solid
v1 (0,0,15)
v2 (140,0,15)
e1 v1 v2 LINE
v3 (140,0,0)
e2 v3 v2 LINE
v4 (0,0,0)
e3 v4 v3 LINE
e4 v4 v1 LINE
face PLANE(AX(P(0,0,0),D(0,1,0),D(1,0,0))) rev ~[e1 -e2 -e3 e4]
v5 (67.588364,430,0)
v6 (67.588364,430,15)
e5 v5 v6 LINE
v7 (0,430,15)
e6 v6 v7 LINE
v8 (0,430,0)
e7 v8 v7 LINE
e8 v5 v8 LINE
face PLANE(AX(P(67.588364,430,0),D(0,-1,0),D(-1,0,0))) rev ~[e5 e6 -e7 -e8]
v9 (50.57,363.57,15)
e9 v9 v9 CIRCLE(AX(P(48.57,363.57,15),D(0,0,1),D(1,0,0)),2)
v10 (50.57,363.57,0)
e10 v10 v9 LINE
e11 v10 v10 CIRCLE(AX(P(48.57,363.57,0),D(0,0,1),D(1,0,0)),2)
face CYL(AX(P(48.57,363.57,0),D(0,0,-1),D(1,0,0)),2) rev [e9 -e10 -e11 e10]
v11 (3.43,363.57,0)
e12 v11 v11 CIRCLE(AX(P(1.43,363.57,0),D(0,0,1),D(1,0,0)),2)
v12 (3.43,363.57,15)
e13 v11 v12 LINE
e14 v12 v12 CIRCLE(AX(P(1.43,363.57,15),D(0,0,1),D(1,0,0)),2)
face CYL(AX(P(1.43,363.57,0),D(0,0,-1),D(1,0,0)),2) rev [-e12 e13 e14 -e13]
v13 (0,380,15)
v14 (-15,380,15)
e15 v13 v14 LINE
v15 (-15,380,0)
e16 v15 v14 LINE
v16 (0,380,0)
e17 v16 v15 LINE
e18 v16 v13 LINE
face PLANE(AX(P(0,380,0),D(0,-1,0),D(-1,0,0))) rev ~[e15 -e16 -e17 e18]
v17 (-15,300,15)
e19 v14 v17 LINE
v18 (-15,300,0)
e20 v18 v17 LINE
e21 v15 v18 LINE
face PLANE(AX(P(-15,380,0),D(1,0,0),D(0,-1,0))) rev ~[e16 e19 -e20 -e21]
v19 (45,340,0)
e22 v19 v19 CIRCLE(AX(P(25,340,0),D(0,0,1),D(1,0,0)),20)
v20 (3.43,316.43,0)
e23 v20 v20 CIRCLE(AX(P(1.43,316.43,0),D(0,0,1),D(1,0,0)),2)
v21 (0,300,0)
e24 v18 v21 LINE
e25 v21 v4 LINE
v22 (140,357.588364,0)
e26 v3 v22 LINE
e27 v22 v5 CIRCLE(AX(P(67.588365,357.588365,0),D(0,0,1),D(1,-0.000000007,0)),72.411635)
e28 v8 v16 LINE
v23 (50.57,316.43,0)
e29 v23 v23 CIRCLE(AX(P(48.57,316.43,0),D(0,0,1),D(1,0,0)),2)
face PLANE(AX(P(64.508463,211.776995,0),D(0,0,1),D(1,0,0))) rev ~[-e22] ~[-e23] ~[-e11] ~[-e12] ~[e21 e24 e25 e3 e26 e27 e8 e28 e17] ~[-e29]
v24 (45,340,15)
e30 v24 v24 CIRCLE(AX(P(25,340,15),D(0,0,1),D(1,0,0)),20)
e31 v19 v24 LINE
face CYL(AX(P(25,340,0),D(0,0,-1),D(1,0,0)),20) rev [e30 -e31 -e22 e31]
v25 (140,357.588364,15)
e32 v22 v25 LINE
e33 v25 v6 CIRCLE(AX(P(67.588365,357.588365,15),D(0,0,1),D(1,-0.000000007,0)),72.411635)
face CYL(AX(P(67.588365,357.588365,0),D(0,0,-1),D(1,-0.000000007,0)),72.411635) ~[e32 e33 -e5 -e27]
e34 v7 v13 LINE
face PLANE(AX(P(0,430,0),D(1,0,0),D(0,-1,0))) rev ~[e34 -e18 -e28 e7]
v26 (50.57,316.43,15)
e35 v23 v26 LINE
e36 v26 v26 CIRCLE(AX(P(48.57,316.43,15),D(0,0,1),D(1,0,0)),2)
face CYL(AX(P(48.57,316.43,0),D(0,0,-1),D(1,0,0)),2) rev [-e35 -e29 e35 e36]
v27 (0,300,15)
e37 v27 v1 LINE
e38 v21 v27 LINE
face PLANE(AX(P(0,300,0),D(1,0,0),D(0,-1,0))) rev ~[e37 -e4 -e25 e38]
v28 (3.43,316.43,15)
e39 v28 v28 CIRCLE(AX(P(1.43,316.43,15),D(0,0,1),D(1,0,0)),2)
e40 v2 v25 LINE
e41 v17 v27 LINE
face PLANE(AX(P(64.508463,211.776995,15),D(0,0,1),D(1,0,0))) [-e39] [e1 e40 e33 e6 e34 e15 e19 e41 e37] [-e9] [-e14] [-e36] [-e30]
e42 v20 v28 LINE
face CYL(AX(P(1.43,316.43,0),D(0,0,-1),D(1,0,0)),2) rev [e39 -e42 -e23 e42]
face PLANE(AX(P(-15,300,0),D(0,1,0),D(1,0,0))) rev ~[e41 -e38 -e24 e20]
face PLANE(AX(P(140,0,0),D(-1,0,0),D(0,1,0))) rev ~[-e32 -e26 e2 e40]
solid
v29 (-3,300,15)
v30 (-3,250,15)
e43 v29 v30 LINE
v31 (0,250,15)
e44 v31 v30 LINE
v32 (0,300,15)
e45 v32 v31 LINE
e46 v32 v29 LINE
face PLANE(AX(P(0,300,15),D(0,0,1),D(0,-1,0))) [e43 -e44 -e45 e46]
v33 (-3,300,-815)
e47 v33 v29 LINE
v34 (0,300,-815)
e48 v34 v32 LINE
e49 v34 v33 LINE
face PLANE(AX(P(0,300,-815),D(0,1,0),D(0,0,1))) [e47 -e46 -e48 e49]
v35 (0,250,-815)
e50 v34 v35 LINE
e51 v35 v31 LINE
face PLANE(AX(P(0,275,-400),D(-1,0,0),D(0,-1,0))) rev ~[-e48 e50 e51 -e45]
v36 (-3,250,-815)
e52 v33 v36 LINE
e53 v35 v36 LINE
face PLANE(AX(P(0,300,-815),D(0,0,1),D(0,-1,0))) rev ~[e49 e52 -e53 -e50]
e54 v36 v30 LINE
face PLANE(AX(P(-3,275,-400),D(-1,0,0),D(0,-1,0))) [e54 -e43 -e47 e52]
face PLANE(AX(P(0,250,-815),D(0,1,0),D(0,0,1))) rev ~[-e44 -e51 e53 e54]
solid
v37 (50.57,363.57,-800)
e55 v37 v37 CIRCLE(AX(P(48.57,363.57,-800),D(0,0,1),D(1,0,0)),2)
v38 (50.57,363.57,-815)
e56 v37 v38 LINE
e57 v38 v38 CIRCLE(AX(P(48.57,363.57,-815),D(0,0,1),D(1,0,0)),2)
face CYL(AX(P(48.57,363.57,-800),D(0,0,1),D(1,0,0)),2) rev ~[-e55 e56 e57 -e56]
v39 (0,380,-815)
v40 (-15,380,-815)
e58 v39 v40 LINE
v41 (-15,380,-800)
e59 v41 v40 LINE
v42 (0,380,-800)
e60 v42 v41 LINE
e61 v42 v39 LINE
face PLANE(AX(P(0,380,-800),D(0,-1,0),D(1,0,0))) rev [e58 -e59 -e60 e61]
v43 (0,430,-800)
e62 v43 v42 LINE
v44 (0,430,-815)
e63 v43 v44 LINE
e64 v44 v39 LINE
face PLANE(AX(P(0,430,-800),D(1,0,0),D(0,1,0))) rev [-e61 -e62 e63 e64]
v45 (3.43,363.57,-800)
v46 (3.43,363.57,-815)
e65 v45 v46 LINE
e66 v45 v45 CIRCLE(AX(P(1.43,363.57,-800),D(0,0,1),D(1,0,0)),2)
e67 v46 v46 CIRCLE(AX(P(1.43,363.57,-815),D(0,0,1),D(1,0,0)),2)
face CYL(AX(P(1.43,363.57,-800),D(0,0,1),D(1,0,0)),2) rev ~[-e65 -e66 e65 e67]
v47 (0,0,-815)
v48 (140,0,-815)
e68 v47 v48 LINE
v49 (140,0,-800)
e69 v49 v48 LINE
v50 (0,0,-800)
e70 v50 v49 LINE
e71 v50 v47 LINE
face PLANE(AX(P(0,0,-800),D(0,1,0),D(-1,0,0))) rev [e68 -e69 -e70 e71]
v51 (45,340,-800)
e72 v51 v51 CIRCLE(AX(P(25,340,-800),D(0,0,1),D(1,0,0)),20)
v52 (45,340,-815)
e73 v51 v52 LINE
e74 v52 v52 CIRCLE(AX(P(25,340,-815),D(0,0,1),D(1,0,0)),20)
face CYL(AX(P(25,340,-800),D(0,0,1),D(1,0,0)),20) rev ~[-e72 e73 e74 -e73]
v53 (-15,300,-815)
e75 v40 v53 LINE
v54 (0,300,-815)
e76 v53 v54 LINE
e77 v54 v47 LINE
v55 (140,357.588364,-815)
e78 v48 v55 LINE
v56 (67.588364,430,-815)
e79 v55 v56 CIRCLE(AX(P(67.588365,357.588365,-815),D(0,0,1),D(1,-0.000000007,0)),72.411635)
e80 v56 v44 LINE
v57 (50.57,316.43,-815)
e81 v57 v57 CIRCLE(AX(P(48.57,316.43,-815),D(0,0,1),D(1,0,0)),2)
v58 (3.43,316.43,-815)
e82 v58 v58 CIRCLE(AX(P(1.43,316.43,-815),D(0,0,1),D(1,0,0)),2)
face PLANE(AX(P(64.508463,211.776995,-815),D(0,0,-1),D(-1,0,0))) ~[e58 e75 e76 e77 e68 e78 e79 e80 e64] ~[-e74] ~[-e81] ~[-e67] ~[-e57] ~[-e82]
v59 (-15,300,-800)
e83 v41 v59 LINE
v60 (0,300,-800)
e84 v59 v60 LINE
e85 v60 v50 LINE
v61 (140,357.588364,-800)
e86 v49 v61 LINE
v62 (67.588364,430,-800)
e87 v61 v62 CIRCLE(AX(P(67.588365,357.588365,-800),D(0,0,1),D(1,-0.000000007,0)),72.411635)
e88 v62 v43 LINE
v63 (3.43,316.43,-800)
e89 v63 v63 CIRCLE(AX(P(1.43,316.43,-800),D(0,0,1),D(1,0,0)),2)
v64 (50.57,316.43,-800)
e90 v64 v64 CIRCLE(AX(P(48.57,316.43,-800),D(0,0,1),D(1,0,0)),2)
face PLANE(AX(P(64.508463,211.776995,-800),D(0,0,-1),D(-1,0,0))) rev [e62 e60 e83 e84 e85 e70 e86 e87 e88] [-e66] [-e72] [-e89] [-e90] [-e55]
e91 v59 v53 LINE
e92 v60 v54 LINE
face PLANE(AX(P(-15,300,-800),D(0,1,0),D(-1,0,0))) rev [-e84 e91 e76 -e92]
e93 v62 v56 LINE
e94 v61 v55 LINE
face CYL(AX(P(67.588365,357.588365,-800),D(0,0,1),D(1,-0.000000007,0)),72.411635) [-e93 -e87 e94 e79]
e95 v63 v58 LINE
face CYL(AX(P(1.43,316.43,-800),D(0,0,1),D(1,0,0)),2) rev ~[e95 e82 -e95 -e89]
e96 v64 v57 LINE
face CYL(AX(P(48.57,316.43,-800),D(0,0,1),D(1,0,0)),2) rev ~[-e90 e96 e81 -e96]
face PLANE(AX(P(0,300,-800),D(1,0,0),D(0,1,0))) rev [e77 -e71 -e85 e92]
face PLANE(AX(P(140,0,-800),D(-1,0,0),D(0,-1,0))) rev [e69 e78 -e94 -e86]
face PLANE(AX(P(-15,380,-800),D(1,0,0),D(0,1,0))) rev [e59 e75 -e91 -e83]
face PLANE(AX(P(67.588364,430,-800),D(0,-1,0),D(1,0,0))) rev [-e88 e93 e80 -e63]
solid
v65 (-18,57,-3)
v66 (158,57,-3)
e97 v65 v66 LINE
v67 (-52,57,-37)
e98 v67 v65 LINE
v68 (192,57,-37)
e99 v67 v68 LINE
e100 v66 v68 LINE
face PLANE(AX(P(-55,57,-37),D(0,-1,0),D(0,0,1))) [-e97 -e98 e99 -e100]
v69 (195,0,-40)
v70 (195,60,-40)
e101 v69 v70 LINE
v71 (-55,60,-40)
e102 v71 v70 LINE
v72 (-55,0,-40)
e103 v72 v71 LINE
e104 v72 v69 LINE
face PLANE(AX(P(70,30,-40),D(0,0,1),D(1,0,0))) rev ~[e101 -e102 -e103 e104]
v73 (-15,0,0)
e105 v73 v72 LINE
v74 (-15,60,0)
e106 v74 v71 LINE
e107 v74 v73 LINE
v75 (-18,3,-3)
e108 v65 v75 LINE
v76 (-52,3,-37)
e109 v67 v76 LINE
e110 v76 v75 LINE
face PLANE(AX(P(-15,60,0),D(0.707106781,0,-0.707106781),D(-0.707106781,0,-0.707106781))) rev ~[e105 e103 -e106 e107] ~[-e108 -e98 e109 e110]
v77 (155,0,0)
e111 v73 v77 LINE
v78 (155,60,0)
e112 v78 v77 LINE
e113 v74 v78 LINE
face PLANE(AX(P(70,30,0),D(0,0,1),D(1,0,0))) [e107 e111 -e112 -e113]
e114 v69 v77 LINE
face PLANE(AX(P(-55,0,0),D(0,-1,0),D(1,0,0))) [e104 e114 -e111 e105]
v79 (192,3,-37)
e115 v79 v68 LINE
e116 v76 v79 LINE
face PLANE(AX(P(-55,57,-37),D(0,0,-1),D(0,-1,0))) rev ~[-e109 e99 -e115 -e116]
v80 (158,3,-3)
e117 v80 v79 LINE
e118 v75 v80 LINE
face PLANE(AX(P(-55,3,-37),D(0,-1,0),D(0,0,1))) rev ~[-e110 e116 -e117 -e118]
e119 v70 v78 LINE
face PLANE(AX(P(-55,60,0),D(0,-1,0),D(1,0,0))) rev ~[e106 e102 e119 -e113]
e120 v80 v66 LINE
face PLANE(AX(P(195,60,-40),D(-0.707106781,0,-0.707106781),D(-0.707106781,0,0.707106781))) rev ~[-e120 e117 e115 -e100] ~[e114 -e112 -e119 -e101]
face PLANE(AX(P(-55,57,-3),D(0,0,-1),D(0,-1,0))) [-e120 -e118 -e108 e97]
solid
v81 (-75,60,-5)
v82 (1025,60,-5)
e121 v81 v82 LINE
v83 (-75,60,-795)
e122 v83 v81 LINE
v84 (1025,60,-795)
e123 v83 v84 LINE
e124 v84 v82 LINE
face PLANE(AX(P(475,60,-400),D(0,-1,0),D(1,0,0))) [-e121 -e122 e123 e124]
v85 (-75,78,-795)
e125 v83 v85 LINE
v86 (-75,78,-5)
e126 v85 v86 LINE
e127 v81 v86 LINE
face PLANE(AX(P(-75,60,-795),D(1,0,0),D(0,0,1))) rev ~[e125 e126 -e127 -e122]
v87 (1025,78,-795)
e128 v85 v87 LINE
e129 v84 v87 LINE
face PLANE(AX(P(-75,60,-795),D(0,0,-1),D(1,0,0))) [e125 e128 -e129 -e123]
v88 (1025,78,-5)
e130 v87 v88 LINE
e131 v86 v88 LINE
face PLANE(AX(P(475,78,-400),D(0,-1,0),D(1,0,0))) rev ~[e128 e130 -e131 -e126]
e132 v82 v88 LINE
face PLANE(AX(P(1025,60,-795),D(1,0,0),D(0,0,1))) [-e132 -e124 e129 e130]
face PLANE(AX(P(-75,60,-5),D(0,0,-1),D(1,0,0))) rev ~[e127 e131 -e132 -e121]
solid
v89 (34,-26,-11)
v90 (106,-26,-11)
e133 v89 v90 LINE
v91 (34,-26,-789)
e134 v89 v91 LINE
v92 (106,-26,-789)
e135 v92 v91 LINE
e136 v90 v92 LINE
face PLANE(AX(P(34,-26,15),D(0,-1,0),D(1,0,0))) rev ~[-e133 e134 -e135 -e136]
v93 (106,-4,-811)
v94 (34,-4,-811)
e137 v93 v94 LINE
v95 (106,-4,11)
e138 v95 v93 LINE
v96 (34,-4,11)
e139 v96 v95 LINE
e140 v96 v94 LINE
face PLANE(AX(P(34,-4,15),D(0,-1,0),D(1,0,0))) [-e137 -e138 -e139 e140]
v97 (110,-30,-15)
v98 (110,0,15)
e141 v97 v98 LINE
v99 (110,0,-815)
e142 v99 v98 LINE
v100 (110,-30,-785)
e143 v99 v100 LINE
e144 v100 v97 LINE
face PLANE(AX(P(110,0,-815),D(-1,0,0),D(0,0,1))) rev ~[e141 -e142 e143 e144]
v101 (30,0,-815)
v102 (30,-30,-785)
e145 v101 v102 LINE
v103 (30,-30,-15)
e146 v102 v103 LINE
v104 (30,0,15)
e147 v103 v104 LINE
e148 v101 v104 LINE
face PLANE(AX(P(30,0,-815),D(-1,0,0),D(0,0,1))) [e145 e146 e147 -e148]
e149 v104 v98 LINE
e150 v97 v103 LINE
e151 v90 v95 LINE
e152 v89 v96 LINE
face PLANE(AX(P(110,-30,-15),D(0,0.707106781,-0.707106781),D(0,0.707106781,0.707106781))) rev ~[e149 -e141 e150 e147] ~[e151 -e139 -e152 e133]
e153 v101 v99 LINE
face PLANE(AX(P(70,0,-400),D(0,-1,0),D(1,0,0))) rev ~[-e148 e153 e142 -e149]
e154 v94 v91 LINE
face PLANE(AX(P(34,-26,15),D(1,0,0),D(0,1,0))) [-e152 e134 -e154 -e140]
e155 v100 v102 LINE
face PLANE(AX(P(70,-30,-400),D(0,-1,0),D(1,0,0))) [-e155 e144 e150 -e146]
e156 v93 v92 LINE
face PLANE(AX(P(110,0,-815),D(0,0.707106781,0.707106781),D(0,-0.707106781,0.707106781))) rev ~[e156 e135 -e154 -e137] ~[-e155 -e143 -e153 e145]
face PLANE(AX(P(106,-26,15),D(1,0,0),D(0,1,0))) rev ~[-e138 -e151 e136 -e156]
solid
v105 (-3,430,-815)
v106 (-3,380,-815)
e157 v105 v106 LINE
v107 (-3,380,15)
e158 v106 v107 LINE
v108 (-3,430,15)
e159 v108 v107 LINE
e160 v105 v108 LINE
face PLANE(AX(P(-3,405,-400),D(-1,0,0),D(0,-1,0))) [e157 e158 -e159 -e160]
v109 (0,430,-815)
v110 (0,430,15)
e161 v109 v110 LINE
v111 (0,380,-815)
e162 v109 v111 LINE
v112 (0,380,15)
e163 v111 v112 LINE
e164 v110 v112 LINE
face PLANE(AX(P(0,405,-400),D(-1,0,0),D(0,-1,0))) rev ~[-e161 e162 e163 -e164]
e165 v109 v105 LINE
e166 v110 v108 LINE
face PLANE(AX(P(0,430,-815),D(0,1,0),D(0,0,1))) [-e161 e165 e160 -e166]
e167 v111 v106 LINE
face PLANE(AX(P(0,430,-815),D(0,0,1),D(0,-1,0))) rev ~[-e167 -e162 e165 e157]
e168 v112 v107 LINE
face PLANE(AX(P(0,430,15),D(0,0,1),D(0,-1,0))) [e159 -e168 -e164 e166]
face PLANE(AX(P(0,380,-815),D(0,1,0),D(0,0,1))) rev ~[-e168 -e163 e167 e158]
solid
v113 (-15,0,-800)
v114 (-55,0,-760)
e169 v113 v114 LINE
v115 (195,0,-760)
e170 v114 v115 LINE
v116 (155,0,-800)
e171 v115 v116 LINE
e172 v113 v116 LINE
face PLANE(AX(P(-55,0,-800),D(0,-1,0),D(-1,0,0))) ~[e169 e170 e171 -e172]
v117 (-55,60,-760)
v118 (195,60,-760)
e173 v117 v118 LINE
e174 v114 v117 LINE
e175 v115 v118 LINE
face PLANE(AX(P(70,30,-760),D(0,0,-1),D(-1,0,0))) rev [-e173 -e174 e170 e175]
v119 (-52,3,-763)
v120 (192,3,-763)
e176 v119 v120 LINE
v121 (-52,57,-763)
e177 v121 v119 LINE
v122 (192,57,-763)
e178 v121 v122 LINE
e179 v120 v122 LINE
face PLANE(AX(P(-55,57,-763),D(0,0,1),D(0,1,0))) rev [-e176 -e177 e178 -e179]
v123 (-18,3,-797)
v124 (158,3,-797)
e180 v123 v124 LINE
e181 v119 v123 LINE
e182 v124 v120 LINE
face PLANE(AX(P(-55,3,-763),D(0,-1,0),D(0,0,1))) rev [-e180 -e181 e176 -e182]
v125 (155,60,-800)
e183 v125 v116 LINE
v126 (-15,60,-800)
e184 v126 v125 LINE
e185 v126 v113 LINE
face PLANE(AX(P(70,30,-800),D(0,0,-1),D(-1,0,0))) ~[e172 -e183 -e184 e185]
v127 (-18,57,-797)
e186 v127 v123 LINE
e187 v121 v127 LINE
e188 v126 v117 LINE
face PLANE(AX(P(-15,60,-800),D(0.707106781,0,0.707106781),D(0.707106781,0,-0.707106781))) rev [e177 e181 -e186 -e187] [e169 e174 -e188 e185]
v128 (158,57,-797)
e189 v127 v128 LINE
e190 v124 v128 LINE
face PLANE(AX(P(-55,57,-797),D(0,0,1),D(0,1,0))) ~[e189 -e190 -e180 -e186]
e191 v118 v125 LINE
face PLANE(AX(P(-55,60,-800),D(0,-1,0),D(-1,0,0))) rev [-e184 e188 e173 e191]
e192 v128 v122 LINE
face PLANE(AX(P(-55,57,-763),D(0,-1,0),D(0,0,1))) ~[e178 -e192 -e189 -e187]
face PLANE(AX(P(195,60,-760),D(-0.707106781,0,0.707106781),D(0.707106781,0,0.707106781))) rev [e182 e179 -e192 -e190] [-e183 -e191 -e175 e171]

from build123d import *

# Parameters (mm, degrees)
F0_R      = 2
F0_R_2    = 20
F1_DEPTH  = 15
F2_W      = 250
F2_H      = 60
F3_DEPTH  = 40
F4_W      = 54
F4_H      = 34
F5_DEPTH  = 250
F7_DEPTH  = 60
F8_W      = 80
F8_H      = 830
F9_DEPTH  = 30
F10_W     = 72
F10_H     = 22
F11_DEPTH = 830
F13_DEPTH = 80
F16_W     = 50
F16_H     = 830
F17_DEPTH = 3
F19_W     = 1100
F19_H     = 790
F20_DEPTH = 18


with BuildPart() as f1:
    # F0 (on Top) → F1 (new body)
    with BuildSketch(Plane.XY):
        with BuildLine():
            Line((0, 300), (0, 0))
            Line((0, 0), (140, 0))
            Line((140, 0), (140, 357.588364))
            ThreePointArc((140, 357.588364), (118.791123, 408.791123), (67.588364, 430))
            Line((67.588364, 430), (0, 430))
            Line((0, 430), (0, 380))
            Line((0, 380), (-15, 380))
            Line((-15, 380), (-15, 300))
            Line((-15, 300), (0, 300))
        make_face()
        with Locations((1.43, 316.43)):
            Circle(F0_R, mode=Mode.SUBTRACT)
        with Locations((48.57, 316.43)):
            Circle(F0_R, mode=Mode.SUBTRACT)
        with Locations((1.43, 363.57)):
            Circle(F0_R, mode=Mode.SUBTRACT)
        with Locations((25, 340)):
            Circle(F0_R_2, mode=Mode.SUBTRACT)
        with Locations((48.57, 363.57)):
            Circle(F0_R, mode=Mode.SUBTRACT)
    extrude(amount=F1_DEPTH)


with BuildPart() as f3:
    # F2 (on Top) → F3 (new body)
    with BuildSketch(Plane.XY):
        with Locations((70, 30)):
            Rectangle(F2_W, F2_H)
    extrude(amount=-F3_DEPTH)

    # F4 (on face) → F5 (cut, through all)
    with BuildSketch(Plane(origin=(-55, 0, 0), x_dir=(0, -1, 0), z_dir=(-1, 0, 0))):
        with Locations((-30, -20)):
            Rectangle(F4_W, F4_H)
    extrude(amount=-F5_DEPTH, mode=Mode.SUBTRACT)

    # F6 (on face) → F7 (cut)
    with BuildSketch(Plane(origin=(0, 60, 0), x_dir=(-1, 0, 0), z_dir=(0, 1, 0))):
        Polygon((-195, 0), (-195, -40), (-155, 0), align=None)
        Polygon((15, 0), (55, -40), (55, 0), align=None)
    extrude(amount=-F7_DEPTH, mode=Mode.SUBTRACT)


with BuildPart() as f9:
    # F8 (on Front) → F9 (new body)
    with BuildSketch(Plane.XZ):
        with Locations((70, -400)):
            Rectangle(F8_W, F8_H)
    extrude(amount=F9_DEPTH)

    # F10 (on face) → F11 (cut, through all)
    with BuildSketch(Plane.XY.offset(15)):
        with Locations((70, -15)):
            Rectangle(F10_W, F10_H)
    extrude(amount=-F11_DEPTH, mode=Mode.SUBTRACT)

    # F12 (on face) → F13 (cut)
    with BuildSketch(Plane.YZ.offset(110)):
        Polygon((-30, 15), (-30, -15), (0, 15), align=None)
        Polygon((0, -815), (-30, -785), (-30, -815), align=None)
    extrude(amount=-F13_DEPTH, mode=Mode.SUBTRACT)


with BuildPart() as f15_1:
    # F15: instance of F3
    add(f3.part.mirror(Plane.XY.offset(-400)))


with BuildPart() as f15_2:
    # F15: instance of F1
    add(f1.part.mirror(Plane.XY.offset(-400)))


with BuildPart() as f17:
    # F16 (on face) → F17 (new body)
    with BuildSketch(Plane(origin=(0, 0, 0), x_dir=(0, -1, 0), z_dir=(-1, 0, 0))):
        with Locations((-405, -400)):
            Rectangle(F16_W, F16_H)
        with Locations((-275, -400)):
            Rectangle(F16_W, F16_H)
    extrude(amount=F17_DEPTH)


with BuildPart() as f20:
    # F19 (on offset) → F20 (new body)
    with BuildSketch(Plane.XZ.offset(-60)):
        with Locations((475, -400)):
            Rectangle(F19_W, F19_H)
    extrude(amount=-F20_DEPTH)


solid = Compound([f1.part, f3.part, f9.part, f15_1.part, f15_2.part, f17.part, f20.part])
